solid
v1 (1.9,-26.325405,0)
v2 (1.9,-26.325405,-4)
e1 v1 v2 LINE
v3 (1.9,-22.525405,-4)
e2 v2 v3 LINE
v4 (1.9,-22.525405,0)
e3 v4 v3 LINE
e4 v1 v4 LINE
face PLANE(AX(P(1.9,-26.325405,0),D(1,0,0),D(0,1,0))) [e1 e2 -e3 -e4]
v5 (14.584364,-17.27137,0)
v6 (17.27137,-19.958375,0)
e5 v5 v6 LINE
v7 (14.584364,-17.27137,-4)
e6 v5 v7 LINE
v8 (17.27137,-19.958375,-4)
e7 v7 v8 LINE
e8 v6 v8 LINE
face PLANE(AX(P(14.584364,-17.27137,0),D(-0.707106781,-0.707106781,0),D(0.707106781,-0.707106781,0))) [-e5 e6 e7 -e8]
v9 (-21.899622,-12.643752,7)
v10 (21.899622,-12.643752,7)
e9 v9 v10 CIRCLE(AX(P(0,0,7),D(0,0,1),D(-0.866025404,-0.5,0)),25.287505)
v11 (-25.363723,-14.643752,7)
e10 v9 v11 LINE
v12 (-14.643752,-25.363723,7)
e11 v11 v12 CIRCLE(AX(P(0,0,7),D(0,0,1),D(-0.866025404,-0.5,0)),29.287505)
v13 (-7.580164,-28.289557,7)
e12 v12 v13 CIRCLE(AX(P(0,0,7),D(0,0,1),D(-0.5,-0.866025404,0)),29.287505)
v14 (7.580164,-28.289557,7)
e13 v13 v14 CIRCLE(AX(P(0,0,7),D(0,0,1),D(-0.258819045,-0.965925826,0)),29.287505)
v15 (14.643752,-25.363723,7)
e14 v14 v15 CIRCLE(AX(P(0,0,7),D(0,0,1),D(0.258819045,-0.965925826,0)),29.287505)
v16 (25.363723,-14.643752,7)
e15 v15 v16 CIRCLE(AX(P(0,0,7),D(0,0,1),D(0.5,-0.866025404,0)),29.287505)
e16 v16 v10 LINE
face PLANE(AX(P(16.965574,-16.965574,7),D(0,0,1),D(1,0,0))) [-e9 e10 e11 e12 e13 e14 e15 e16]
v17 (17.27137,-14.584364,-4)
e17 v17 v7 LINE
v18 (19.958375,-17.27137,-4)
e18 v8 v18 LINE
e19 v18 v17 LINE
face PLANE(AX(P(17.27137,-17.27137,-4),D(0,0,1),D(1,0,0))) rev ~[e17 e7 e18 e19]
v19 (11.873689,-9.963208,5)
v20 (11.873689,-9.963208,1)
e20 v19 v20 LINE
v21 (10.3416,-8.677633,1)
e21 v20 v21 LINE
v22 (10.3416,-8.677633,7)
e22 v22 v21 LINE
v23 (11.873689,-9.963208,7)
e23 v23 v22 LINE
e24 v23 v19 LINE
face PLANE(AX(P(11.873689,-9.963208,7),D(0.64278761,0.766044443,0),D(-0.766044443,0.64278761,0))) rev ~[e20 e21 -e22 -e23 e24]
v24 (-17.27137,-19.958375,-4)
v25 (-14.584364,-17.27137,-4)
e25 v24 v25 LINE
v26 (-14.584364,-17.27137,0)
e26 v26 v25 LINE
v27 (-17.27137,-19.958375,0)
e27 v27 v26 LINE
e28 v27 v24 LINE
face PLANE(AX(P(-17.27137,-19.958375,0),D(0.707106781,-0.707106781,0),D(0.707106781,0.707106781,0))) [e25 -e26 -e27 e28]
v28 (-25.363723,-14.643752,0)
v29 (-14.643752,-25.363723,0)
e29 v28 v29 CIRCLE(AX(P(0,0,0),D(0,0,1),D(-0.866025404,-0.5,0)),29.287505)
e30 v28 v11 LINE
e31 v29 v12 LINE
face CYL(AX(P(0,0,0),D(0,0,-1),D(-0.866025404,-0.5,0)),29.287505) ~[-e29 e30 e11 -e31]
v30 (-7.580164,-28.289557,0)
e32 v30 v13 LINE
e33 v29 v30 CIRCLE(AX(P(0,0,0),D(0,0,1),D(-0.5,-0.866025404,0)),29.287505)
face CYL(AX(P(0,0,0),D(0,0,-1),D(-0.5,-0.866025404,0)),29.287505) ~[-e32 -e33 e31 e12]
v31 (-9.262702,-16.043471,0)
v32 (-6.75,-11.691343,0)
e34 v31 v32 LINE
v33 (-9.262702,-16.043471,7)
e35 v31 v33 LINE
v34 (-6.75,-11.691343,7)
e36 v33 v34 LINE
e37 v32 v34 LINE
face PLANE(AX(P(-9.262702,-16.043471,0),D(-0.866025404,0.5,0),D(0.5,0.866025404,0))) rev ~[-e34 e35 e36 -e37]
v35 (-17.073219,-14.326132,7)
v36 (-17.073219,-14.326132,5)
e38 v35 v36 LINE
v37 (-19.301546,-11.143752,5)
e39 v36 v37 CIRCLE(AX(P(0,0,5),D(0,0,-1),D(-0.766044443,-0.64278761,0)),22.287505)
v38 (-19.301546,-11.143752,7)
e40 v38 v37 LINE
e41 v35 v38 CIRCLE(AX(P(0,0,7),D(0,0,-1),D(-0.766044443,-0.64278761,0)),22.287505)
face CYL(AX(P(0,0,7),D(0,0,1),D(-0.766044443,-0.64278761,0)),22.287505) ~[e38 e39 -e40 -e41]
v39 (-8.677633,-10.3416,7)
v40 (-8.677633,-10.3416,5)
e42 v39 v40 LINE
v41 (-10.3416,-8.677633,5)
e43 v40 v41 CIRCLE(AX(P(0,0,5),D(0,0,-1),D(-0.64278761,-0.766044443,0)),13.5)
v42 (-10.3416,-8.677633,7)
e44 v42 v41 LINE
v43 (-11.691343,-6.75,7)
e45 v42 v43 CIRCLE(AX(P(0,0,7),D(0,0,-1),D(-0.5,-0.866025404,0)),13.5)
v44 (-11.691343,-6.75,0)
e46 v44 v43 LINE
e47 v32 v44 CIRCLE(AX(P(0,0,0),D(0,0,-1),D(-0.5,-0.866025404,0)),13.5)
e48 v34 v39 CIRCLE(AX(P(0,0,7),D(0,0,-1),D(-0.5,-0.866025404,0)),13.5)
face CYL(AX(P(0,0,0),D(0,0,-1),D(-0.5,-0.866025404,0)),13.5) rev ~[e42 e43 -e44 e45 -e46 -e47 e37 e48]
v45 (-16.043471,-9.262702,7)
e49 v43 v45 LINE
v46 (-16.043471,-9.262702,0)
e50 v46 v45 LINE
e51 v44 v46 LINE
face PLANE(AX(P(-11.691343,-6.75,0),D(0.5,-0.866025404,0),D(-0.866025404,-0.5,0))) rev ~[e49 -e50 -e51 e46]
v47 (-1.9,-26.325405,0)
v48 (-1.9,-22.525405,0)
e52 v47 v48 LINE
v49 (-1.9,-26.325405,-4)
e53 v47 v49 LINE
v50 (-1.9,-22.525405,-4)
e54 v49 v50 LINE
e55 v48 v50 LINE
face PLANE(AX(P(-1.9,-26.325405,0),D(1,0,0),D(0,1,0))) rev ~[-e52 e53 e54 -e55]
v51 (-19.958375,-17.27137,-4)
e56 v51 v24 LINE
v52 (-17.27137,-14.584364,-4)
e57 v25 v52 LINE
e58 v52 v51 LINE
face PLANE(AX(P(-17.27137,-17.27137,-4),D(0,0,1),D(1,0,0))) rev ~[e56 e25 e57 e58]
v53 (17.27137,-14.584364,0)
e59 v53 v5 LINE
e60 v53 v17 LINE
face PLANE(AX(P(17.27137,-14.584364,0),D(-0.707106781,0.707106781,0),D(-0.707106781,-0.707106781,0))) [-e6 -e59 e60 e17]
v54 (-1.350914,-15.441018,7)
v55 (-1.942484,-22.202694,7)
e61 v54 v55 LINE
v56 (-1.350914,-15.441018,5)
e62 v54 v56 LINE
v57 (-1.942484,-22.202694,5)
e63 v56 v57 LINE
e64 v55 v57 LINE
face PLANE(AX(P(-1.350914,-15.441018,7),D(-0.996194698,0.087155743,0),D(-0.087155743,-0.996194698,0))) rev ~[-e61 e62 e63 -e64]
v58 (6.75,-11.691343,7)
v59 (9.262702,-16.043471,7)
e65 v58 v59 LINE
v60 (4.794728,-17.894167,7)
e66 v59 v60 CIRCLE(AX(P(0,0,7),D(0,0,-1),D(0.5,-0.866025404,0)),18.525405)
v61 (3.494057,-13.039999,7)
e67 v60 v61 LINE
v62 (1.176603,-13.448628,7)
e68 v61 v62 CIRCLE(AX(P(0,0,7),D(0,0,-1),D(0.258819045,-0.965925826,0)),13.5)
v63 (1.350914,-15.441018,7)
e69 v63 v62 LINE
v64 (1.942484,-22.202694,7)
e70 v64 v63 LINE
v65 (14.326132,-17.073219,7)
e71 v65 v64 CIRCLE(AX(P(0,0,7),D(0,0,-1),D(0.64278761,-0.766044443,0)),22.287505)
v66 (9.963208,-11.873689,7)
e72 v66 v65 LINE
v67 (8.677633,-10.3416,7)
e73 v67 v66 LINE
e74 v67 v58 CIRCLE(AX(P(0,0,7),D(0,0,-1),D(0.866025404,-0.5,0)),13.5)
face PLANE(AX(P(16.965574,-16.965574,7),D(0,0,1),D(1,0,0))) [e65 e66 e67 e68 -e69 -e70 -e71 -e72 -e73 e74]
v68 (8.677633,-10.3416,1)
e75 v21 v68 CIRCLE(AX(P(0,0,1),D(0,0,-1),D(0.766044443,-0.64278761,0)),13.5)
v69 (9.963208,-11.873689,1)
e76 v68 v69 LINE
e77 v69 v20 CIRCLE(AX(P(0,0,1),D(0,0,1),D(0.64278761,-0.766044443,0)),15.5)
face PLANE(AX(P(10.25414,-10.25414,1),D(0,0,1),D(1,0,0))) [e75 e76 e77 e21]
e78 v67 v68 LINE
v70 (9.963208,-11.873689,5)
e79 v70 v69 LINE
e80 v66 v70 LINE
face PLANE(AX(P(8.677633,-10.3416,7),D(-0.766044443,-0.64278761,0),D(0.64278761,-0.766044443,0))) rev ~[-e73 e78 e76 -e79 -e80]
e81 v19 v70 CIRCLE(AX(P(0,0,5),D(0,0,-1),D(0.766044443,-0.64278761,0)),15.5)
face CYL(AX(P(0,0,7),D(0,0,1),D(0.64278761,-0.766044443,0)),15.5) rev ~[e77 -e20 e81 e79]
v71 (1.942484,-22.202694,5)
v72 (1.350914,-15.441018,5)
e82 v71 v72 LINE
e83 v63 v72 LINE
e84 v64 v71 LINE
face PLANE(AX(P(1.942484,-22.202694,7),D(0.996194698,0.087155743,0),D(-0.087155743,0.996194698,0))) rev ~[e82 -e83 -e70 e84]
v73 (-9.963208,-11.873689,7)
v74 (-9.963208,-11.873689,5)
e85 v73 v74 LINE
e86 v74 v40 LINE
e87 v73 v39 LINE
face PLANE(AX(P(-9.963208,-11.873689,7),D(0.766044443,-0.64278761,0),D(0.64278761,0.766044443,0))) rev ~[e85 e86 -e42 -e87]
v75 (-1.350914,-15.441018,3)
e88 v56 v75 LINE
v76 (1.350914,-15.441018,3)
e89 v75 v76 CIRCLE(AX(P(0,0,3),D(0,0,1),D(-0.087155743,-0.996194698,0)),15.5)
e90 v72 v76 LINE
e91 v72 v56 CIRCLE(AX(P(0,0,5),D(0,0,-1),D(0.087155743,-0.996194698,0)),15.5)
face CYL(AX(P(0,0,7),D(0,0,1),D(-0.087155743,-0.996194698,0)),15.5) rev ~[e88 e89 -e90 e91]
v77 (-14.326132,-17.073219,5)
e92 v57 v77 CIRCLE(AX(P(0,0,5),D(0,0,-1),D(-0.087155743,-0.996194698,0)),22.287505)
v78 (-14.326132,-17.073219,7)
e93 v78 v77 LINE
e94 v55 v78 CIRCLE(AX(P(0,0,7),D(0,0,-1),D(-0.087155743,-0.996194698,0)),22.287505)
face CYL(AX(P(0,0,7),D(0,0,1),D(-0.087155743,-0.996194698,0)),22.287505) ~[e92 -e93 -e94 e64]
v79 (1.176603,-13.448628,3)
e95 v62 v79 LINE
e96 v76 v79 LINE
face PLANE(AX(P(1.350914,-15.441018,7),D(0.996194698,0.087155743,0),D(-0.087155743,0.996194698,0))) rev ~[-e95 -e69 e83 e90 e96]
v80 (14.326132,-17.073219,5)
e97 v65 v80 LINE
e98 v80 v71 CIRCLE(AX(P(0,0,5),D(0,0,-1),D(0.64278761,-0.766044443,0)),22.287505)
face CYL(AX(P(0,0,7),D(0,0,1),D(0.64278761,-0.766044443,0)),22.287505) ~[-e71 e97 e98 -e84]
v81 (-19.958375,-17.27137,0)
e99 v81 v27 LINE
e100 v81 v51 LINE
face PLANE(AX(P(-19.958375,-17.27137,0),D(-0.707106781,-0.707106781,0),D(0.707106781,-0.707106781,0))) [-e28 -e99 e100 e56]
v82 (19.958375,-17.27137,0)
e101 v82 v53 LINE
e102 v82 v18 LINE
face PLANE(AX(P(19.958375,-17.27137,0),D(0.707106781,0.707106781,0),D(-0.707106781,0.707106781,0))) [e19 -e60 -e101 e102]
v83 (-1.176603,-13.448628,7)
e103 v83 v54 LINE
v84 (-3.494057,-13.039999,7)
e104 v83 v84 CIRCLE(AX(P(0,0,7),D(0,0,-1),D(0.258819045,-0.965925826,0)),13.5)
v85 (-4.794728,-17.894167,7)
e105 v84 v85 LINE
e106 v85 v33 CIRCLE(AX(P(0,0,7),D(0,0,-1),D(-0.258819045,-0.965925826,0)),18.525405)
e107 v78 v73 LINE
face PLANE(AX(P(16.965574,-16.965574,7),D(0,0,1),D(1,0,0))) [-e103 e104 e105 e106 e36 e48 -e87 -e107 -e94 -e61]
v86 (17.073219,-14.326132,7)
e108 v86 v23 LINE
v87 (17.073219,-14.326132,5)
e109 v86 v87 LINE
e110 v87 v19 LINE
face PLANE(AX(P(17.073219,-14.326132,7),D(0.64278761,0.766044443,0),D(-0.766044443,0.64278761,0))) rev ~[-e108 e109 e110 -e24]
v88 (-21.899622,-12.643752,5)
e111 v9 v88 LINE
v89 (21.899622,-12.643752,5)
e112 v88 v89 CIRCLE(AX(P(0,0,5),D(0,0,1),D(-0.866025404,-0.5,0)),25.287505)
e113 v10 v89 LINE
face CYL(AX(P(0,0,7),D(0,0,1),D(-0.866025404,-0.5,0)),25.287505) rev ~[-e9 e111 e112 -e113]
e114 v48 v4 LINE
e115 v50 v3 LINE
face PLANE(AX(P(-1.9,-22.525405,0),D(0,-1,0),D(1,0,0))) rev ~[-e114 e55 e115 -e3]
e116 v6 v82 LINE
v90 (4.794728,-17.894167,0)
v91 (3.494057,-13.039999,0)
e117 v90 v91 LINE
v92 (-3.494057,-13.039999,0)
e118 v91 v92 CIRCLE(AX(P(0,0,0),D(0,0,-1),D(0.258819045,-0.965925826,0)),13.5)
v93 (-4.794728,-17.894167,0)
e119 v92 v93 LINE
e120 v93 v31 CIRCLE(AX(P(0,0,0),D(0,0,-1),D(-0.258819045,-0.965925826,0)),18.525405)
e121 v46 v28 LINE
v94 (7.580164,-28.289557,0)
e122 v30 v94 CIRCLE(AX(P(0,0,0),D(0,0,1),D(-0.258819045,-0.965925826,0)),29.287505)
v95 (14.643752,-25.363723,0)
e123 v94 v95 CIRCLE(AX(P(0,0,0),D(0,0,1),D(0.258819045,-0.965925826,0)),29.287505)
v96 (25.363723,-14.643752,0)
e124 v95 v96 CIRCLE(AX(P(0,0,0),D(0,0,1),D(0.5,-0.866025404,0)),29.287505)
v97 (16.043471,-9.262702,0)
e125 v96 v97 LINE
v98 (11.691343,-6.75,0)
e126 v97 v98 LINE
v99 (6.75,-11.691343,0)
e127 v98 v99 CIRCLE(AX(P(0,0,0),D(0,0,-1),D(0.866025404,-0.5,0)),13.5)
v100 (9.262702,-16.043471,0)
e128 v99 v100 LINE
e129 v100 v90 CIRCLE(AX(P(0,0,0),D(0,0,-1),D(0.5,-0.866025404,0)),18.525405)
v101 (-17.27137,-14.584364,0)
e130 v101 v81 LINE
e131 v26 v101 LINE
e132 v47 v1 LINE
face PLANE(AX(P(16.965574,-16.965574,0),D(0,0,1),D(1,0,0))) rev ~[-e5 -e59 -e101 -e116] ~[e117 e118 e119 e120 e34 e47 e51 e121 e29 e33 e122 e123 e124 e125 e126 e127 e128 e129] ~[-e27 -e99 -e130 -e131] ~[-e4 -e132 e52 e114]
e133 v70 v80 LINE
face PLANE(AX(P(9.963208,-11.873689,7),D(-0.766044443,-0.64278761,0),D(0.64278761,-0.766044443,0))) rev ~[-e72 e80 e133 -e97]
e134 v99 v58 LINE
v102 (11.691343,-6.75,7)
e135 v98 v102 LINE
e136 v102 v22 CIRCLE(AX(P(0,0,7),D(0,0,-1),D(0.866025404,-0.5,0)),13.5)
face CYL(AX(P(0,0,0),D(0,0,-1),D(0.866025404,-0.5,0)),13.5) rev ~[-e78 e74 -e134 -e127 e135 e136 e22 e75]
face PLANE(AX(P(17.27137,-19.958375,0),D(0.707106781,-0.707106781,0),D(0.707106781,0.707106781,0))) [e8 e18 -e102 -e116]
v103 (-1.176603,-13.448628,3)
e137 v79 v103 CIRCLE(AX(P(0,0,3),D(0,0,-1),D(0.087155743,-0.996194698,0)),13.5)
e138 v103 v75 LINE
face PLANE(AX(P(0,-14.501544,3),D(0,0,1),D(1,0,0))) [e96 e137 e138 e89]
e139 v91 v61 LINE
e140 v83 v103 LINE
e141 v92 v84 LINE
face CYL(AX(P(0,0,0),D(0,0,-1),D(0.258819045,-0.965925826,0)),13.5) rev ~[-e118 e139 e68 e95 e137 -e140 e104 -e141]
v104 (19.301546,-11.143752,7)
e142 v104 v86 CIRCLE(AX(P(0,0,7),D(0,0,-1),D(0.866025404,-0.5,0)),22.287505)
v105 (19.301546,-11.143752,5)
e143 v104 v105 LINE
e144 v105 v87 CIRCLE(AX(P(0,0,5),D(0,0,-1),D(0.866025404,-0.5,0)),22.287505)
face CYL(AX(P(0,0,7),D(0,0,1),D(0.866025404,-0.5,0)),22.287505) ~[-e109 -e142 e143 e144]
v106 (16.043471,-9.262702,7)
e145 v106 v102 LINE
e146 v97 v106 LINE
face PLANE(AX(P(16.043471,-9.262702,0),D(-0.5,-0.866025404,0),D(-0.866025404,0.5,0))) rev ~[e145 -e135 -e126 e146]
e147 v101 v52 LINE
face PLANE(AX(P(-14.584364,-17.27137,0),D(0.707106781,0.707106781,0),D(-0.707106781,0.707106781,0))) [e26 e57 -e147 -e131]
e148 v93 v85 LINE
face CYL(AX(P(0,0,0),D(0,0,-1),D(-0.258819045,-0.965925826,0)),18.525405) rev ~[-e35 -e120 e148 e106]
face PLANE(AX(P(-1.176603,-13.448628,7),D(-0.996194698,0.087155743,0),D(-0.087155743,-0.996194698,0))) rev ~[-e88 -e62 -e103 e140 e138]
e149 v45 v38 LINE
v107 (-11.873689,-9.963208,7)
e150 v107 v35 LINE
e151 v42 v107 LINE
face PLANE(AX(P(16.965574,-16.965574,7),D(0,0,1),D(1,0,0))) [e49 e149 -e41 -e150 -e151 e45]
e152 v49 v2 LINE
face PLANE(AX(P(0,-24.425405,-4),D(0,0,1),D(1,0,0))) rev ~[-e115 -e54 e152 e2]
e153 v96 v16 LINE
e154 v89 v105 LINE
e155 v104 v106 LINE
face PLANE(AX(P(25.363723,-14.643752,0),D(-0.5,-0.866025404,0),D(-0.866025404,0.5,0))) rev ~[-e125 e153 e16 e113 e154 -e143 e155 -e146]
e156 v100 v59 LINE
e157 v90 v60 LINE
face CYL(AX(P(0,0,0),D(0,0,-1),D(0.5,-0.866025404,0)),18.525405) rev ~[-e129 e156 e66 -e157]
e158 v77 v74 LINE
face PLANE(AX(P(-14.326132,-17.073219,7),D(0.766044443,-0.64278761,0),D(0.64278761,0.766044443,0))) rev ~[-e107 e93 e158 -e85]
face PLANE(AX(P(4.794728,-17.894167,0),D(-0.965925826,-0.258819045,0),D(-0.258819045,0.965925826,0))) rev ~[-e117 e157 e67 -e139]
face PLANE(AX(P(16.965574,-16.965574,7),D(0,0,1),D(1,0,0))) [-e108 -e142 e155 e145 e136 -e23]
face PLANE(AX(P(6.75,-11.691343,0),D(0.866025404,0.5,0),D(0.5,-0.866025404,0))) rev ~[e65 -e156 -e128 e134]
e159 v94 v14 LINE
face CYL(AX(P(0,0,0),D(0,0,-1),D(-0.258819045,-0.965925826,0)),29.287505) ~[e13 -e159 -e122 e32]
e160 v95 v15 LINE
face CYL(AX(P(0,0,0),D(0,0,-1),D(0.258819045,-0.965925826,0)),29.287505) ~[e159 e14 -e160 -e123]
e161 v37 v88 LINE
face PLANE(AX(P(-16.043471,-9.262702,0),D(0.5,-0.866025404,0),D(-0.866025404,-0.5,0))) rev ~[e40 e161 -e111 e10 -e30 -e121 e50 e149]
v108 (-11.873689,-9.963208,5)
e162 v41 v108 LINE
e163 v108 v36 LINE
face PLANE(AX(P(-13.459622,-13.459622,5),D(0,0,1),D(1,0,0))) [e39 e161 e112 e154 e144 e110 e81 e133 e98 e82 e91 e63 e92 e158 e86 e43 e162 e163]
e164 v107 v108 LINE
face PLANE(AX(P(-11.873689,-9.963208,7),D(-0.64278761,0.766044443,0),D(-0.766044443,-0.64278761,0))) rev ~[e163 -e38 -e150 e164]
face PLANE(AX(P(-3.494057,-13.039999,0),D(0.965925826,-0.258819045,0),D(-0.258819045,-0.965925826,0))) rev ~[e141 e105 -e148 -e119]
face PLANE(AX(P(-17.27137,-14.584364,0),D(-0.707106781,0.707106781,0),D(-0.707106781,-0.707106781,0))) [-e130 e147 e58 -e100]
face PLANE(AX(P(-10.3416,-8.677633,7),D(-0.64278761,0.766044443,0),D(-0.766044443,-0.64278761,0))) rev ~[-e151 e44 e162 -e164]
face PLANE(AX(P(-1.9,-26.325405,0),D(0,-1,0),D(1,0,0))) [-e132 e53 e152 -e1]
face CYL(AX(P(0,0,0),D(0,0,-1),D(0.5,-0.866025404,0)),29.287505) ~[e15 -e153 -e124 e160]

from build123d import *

# Parameters (mm, degrees)
F0_W     = 3.8
F0_H     = 3.8
F0_R     = 1
F1_DEPTH = 7
F2_DEPTH = 4
F5_DEPTH = 2
F6_DEPTH = 2
F7_DEPTH = 4
F8_DEPTH = 6


with BuildPart() as f1:
    # F0 (on Top) → F1 (new body)
    with BuildSketch(Plane.XY):
        with BuildLine():
            ThreePointArc((14.6437525, -25.3637233435), (20.7093933895, -20.7093933895), (25.3637233435, -14.6437525))
            Line((25.3637233435, -14.6437525), (16.0434713454, -9.2627025))
            ThreePointArc((16.0434713454, -9.2627025), (13.0994394997, -13.0994394997), (9.2627025, -16.0434713454))
            Line((9.2627025, -16.0434713454), (14.6437525, -25.3637233435))
        make_face()
        Polygon((17.2713695087, -14.5843637402), (19.9583752772, -17.2713695087), (17.2713695087, -19.9583752772), (14.5843637402, -17.2713695087), align=None, mode=Mode.SUBTRACT)
        Polygon((17.2713695087, -19.9583752772), (19.9583752772, -17.2713695087), (17.2713695087, -14.5843637402), (14.5843637402, -17.2713695087), align=None)
        with BuildLine():
            ThreePointArc((9.2627025, -16.0434713454), (13.0994394997, -13.0994394997), (16.0434713454, -9.2627025))
            Line((16.0434713454, -9.2627025), (11.6913429511, -6.75))
            ThreePointArc((11.6913429511, -6.75), (9.545941546, -9.545941546), (6.75, -11.6913429511))
            Line((6.75, -11.6913429511), (9.2627025, -16.0434713454))
        make_face()
        with BuildLine():
            ThreePointArc((7.5801640775, -28.2895574671), (11.2078429388, -27.0581264278), (14.6437525, -25.3637233435))
            Line((14.6437525, -25.3637233435), (9.2627025, -16.0434713454))
            ThreePointArc((9.2627025, -16.0434713454), (7.0893655714, -17.115242511), (4.7947276322, -17.894167132))
            Line((4.7947276322, -17.894167132), (7.5801640775, -28.2895574671))
        make_face()
        with BuildLine():
            Line((-4.7947276322, -17.894167132), (-7.5801640775, -28.2895574671))
            ThreePointArc((-7.5801640775, -28.2895574671), (0, -29.287505), (7.5801640775, -28.2895574671))
            Line((7.5801640775, -28.2895574671), (4.7947276322, -17.894167132))
            ThreePointArc((4.7947276322, -17.894167132), (0, -18.525405), (-4.7947276322, -17.894167132))
        make_face()
        with Locations((0, -24.425405)):
            Rectangle(F0_W, F0_H, mode=Mode.SUBTRACT)
        with Locations((0, -24.425405)):
            Rectangle(F0_W, F0_H)
        with Locations((0, -24.425405)):
            Circle(F0_R, mode=Mode.SUBTRACT)
        with Locations((0, -24.425405)):
            Circle(F0_R)
        with BuildLine():
            Line((-3.4940571089, -13.0399986549), (-4.7947276322, -17.894167132))
            ThreePointArc((-4.7947276322, -17.894167132), (0, -18.525405), (4.7947276322, -17.894167132))
            Line((4.7947276322, -17.894167132), (3.4940571089, -13.0399986549))
            ThreePointArc((3.4940571089, -13.0399986549), (0, -13.5), (-3.4940571089, -13.0399986549))
        make_face()
        with BuildLine():
            Line((-9.2627025, -16.0434713454), (-14.6437525, -25.3637233435))
            ThreePointArc((-14.6437525, -25.3637233435), (-11.2078429388, -27.0581264278), (-7.5801640775, -28.2895574671))
            Line((-7.5801640775, -28.2895574671), (-4.7947276322, -17.894167132))
            ThreePointArc((-4.7947276322, -17.894167132), (-7.0893655714, -17.115242511), (-9.2627025, -16.0434713454))
        make_face()
        with BuildLine():
            Line((-16.0434713454, -9.2627025), (-25.3637233435, -14.6437525))
            ThreePointArc((-25.3637233435, -14.6437525), (-20.7093933895, -20.7093933895), (-14.6437525, -25.3637233435))
            Line((-14.6437525, -25.3637233435), (-9.2627025, -16.0434713454))
            ThreePointArc((-9.2627025, -16.0434713454), (-13.0994394997, -13.0994394997), (-16.0434713454, -9.2627025))
        make_face()
        Polygon((-14.5843637402, -17.2713695087), (-17.2713695087, -19.9583752772), (-19.9583752772, -17.2713695087), (-17.2713695087, -14.5843637402), align=None, mode=Mode.SUBTRACT)
        Polygon((-19.9583752772, -17.2713695087), (-17.2713695087, -19.9583752772), (-14.5843637402, -17.2713695087), (-17.2713695087, -14.5843637402), align=None)
        with BuildLine():
            Line((-11.6913429511, -6.75), (-16.0434713454, -9.2627025))
            ThreePointArc((-16.0434713454, -9.2627025), (-13.0994394997, -13.0994394997), (-9.2627025, -16.0434713454))
            Line((-9.2627025, -16.0434713454), (-6.75, -11.6913429511))
            ThreePointArc((-6.75, -11.6913429511), (-9.545941546, -9.545941546), (-11.6913429511, -6.75))
        make_face()
    extrude(amount=F1_DEPTH)

    # F0 (on Top) → F2 (join)
    with BuildSketch(Plane.XY):
        Polygon((17.2713695087, -19.9583752772), (19.9583752772, -17.2713695087), (17.2713695087, -14.5843637402), (14.5843637402, -17.2713695087), align=None)
        with Locations((0, -24.425405)):
            Rectangle(F0_W, F0_H)
        with Locations((0, -24.425405)):
            Circle(F0_R, mode=Mode.SUBTRACT)
        with Locations((0, -24.425405)):
            Circle(F0_R)
        Polygon((-19.9583752772, -17.2713695087), (-17.2713695087, -19.9583752772), (-14.5843637402, -17.2713695087), (-17.2713695087, -14.5843637402), align=None)
    extrude(amount=-F2_DEPTH)

    # F4 (on offset) → F5 (cut)
    with BuildSketch(Plane.XY.offset(7)):
        with BuildLine():
            Line((-11.8736888683, -9.9632079501), (-17.0732193562, -14.3261320648))
            ThreePointArc((-17.0732193562, -14.3261320648), (-15.7596459212, -15.7596459212), (-14.3261320648, -17.0732193562))
            Line((-14.3261320648, -17.0732193562), (-9.9632079501, -11.8736888683))
            ThreePointArc((-9.9632079501, -11.8736888683), (-10.9601551084, -10.9601551084), (-11.8736888683, -9.9632079501))
        make_face()
        with BuildLine():
            Line((-1.3509140126, -15.4410178204), (-1.9424840523, -22.2026943147))
            ThreePointArc((-1.9424840523, -22.2026943147), (0, -22.287505), (1.9424840523, -22.2026943147))
            Line((1.9424840523, -22.2026943147), (1.3509140126, -15.4410178204))
            ThreePointArc((1.3509140126, -15.4410178204), (0, -15.5), (-1.3509140126, -15.4410178204))
        make_face()
        with BuildLine():
            ThreePointArc((14.3261320648, -17.0732193562), (15.7596459212, -15.7596459212), (17.0732193562, -14.3261320648))
            Line((17.0732193562, -14.3261320648), (11.8736888683, -9.9632079501))
            ThreePointArc((11.8736888683, -9.9632079501), (10.9601551084, -10.9601551084), (9.9632079501, -11.8736888683))
            Line((9.9632079501, -11.8736888683), (14.3261320648, -17.0732193562))
        make_face()
        with BuildLine():
            Line((-19.301545517, -11.1437525), (-21.8996217283, -12.6437525))
            ThreePointArc((-21.8996217283, -12.6437525), (0, -25.287505), (21.8996217283, -12.6437525))
            Line((21.8996217283, -12.6437525), (19.301545517, -11.1437525))
            ThreePointArc((19.301545517, -11.1437525), (18.2568552829, -12.7835876931), (17.0732193562, -14.3261320648))
            ThreePointArc((17.0732193562, -14.3261320648), (15.7596459212, -15.7596459212), (14.3261320648, -17.0732193562))
            ThreePointArc((14.3261320648, -17.0732193562), (8.5290589123, -20.5909697002), (1.9424840523, -22.2026943147))
            ThreePointArc((1.9424840523, -22.2026943147), (0, -22.287505), (-1.9424840523, -22.2026943147))
            ThreePointArc((-1.9424840523, -22.2026943147), (-8.5290589123, -20.5909697002), (-14.3261320648, -17.0732193562))
            ThreePointArc((-14.3261320648, -17.0732193562), (-15.7596459212, -15.7596459212), (-17.0732193562, -14.3261320648))
            ThreePointArc((-17.0732193562, -14.3261320648), (-18.2568552829, -12.7835876931), (-19.301545517, -11.1437525))
        make_face()
    extrude(amount=-F5_DEPTH, mode=Mode.SUBTRACT)

    # F4 (on offset) → F6 (cut)
    with BuildSketch(Plane.XY.offset(7)):
        with BuildLine():
            Line((-10.3415999821, -8.6776327308), (-11.8736888683, -9.9632079501))
            ThreePointArc((-11.8736888683, -9.9632079501), (-10.9601551084, -10.9601551084), (-9.9632079501, -11.8736888683))
            Line((-9.9632079501, -11.8736888683), (-8.6776327308, -10.3415999821))
            ThreePointArc((-8.6776327308, -10.3415999821), (-9.545941546, -9.545941546), (-10.3415999821, -8.6776327308))
        make_face()
    extrude(amount=-F6_DEPTH, mode=Mode.SUBTRACT)

    # F4 (on offset) → F7 (cut)
    with BuildSketch(Plane.XY.offset(7)):
        with BuildLine():
            Line((-1.1766025271, -13.4486284242), (-1.3509140126, -15.4410178204))
            ThreePointArc((-1.3509140126, -15.4410178204), (0, -15.5), (1.3509140126, -15.4410178204))
            Line((1.3509140126, -15.4410178204), (1.1766025271, -13.4486284242))
            ThreePointArc((1.1766025271, -13.4486284242), (0, -13.5), (-1.1766025271, -13.4486284242))
        make_face()
    extrude(amount=-F7_DEPTH, mode=Mode.SUBTRACT)

    # F4 (on offset) → F8 (cut)
    with BuildSketch(Plane.XY.offset(7)):
        with BuildLine():
            ThreePointArc((9.9632079501, -11.8736888683), (10.9601551084, -10.9601551084), (11.8736888683, -9.9632079501))
            Line((11.8736888683, -9.9632079501), (10.3415999821, -8.6776327308))
            ThreePointArc((10.3415999821, -8.6776327308), (9.545941546, -9.545941546), (8.6776327308, -10.3415999821))
            Line((8.6776327308, -10.3415999821), (9.9632079501, -11.8736888683))
        make_face()
    extrude(amount=-F8_DEPTH, mode=Mode.SUBTRACT)


solid = f1.part
